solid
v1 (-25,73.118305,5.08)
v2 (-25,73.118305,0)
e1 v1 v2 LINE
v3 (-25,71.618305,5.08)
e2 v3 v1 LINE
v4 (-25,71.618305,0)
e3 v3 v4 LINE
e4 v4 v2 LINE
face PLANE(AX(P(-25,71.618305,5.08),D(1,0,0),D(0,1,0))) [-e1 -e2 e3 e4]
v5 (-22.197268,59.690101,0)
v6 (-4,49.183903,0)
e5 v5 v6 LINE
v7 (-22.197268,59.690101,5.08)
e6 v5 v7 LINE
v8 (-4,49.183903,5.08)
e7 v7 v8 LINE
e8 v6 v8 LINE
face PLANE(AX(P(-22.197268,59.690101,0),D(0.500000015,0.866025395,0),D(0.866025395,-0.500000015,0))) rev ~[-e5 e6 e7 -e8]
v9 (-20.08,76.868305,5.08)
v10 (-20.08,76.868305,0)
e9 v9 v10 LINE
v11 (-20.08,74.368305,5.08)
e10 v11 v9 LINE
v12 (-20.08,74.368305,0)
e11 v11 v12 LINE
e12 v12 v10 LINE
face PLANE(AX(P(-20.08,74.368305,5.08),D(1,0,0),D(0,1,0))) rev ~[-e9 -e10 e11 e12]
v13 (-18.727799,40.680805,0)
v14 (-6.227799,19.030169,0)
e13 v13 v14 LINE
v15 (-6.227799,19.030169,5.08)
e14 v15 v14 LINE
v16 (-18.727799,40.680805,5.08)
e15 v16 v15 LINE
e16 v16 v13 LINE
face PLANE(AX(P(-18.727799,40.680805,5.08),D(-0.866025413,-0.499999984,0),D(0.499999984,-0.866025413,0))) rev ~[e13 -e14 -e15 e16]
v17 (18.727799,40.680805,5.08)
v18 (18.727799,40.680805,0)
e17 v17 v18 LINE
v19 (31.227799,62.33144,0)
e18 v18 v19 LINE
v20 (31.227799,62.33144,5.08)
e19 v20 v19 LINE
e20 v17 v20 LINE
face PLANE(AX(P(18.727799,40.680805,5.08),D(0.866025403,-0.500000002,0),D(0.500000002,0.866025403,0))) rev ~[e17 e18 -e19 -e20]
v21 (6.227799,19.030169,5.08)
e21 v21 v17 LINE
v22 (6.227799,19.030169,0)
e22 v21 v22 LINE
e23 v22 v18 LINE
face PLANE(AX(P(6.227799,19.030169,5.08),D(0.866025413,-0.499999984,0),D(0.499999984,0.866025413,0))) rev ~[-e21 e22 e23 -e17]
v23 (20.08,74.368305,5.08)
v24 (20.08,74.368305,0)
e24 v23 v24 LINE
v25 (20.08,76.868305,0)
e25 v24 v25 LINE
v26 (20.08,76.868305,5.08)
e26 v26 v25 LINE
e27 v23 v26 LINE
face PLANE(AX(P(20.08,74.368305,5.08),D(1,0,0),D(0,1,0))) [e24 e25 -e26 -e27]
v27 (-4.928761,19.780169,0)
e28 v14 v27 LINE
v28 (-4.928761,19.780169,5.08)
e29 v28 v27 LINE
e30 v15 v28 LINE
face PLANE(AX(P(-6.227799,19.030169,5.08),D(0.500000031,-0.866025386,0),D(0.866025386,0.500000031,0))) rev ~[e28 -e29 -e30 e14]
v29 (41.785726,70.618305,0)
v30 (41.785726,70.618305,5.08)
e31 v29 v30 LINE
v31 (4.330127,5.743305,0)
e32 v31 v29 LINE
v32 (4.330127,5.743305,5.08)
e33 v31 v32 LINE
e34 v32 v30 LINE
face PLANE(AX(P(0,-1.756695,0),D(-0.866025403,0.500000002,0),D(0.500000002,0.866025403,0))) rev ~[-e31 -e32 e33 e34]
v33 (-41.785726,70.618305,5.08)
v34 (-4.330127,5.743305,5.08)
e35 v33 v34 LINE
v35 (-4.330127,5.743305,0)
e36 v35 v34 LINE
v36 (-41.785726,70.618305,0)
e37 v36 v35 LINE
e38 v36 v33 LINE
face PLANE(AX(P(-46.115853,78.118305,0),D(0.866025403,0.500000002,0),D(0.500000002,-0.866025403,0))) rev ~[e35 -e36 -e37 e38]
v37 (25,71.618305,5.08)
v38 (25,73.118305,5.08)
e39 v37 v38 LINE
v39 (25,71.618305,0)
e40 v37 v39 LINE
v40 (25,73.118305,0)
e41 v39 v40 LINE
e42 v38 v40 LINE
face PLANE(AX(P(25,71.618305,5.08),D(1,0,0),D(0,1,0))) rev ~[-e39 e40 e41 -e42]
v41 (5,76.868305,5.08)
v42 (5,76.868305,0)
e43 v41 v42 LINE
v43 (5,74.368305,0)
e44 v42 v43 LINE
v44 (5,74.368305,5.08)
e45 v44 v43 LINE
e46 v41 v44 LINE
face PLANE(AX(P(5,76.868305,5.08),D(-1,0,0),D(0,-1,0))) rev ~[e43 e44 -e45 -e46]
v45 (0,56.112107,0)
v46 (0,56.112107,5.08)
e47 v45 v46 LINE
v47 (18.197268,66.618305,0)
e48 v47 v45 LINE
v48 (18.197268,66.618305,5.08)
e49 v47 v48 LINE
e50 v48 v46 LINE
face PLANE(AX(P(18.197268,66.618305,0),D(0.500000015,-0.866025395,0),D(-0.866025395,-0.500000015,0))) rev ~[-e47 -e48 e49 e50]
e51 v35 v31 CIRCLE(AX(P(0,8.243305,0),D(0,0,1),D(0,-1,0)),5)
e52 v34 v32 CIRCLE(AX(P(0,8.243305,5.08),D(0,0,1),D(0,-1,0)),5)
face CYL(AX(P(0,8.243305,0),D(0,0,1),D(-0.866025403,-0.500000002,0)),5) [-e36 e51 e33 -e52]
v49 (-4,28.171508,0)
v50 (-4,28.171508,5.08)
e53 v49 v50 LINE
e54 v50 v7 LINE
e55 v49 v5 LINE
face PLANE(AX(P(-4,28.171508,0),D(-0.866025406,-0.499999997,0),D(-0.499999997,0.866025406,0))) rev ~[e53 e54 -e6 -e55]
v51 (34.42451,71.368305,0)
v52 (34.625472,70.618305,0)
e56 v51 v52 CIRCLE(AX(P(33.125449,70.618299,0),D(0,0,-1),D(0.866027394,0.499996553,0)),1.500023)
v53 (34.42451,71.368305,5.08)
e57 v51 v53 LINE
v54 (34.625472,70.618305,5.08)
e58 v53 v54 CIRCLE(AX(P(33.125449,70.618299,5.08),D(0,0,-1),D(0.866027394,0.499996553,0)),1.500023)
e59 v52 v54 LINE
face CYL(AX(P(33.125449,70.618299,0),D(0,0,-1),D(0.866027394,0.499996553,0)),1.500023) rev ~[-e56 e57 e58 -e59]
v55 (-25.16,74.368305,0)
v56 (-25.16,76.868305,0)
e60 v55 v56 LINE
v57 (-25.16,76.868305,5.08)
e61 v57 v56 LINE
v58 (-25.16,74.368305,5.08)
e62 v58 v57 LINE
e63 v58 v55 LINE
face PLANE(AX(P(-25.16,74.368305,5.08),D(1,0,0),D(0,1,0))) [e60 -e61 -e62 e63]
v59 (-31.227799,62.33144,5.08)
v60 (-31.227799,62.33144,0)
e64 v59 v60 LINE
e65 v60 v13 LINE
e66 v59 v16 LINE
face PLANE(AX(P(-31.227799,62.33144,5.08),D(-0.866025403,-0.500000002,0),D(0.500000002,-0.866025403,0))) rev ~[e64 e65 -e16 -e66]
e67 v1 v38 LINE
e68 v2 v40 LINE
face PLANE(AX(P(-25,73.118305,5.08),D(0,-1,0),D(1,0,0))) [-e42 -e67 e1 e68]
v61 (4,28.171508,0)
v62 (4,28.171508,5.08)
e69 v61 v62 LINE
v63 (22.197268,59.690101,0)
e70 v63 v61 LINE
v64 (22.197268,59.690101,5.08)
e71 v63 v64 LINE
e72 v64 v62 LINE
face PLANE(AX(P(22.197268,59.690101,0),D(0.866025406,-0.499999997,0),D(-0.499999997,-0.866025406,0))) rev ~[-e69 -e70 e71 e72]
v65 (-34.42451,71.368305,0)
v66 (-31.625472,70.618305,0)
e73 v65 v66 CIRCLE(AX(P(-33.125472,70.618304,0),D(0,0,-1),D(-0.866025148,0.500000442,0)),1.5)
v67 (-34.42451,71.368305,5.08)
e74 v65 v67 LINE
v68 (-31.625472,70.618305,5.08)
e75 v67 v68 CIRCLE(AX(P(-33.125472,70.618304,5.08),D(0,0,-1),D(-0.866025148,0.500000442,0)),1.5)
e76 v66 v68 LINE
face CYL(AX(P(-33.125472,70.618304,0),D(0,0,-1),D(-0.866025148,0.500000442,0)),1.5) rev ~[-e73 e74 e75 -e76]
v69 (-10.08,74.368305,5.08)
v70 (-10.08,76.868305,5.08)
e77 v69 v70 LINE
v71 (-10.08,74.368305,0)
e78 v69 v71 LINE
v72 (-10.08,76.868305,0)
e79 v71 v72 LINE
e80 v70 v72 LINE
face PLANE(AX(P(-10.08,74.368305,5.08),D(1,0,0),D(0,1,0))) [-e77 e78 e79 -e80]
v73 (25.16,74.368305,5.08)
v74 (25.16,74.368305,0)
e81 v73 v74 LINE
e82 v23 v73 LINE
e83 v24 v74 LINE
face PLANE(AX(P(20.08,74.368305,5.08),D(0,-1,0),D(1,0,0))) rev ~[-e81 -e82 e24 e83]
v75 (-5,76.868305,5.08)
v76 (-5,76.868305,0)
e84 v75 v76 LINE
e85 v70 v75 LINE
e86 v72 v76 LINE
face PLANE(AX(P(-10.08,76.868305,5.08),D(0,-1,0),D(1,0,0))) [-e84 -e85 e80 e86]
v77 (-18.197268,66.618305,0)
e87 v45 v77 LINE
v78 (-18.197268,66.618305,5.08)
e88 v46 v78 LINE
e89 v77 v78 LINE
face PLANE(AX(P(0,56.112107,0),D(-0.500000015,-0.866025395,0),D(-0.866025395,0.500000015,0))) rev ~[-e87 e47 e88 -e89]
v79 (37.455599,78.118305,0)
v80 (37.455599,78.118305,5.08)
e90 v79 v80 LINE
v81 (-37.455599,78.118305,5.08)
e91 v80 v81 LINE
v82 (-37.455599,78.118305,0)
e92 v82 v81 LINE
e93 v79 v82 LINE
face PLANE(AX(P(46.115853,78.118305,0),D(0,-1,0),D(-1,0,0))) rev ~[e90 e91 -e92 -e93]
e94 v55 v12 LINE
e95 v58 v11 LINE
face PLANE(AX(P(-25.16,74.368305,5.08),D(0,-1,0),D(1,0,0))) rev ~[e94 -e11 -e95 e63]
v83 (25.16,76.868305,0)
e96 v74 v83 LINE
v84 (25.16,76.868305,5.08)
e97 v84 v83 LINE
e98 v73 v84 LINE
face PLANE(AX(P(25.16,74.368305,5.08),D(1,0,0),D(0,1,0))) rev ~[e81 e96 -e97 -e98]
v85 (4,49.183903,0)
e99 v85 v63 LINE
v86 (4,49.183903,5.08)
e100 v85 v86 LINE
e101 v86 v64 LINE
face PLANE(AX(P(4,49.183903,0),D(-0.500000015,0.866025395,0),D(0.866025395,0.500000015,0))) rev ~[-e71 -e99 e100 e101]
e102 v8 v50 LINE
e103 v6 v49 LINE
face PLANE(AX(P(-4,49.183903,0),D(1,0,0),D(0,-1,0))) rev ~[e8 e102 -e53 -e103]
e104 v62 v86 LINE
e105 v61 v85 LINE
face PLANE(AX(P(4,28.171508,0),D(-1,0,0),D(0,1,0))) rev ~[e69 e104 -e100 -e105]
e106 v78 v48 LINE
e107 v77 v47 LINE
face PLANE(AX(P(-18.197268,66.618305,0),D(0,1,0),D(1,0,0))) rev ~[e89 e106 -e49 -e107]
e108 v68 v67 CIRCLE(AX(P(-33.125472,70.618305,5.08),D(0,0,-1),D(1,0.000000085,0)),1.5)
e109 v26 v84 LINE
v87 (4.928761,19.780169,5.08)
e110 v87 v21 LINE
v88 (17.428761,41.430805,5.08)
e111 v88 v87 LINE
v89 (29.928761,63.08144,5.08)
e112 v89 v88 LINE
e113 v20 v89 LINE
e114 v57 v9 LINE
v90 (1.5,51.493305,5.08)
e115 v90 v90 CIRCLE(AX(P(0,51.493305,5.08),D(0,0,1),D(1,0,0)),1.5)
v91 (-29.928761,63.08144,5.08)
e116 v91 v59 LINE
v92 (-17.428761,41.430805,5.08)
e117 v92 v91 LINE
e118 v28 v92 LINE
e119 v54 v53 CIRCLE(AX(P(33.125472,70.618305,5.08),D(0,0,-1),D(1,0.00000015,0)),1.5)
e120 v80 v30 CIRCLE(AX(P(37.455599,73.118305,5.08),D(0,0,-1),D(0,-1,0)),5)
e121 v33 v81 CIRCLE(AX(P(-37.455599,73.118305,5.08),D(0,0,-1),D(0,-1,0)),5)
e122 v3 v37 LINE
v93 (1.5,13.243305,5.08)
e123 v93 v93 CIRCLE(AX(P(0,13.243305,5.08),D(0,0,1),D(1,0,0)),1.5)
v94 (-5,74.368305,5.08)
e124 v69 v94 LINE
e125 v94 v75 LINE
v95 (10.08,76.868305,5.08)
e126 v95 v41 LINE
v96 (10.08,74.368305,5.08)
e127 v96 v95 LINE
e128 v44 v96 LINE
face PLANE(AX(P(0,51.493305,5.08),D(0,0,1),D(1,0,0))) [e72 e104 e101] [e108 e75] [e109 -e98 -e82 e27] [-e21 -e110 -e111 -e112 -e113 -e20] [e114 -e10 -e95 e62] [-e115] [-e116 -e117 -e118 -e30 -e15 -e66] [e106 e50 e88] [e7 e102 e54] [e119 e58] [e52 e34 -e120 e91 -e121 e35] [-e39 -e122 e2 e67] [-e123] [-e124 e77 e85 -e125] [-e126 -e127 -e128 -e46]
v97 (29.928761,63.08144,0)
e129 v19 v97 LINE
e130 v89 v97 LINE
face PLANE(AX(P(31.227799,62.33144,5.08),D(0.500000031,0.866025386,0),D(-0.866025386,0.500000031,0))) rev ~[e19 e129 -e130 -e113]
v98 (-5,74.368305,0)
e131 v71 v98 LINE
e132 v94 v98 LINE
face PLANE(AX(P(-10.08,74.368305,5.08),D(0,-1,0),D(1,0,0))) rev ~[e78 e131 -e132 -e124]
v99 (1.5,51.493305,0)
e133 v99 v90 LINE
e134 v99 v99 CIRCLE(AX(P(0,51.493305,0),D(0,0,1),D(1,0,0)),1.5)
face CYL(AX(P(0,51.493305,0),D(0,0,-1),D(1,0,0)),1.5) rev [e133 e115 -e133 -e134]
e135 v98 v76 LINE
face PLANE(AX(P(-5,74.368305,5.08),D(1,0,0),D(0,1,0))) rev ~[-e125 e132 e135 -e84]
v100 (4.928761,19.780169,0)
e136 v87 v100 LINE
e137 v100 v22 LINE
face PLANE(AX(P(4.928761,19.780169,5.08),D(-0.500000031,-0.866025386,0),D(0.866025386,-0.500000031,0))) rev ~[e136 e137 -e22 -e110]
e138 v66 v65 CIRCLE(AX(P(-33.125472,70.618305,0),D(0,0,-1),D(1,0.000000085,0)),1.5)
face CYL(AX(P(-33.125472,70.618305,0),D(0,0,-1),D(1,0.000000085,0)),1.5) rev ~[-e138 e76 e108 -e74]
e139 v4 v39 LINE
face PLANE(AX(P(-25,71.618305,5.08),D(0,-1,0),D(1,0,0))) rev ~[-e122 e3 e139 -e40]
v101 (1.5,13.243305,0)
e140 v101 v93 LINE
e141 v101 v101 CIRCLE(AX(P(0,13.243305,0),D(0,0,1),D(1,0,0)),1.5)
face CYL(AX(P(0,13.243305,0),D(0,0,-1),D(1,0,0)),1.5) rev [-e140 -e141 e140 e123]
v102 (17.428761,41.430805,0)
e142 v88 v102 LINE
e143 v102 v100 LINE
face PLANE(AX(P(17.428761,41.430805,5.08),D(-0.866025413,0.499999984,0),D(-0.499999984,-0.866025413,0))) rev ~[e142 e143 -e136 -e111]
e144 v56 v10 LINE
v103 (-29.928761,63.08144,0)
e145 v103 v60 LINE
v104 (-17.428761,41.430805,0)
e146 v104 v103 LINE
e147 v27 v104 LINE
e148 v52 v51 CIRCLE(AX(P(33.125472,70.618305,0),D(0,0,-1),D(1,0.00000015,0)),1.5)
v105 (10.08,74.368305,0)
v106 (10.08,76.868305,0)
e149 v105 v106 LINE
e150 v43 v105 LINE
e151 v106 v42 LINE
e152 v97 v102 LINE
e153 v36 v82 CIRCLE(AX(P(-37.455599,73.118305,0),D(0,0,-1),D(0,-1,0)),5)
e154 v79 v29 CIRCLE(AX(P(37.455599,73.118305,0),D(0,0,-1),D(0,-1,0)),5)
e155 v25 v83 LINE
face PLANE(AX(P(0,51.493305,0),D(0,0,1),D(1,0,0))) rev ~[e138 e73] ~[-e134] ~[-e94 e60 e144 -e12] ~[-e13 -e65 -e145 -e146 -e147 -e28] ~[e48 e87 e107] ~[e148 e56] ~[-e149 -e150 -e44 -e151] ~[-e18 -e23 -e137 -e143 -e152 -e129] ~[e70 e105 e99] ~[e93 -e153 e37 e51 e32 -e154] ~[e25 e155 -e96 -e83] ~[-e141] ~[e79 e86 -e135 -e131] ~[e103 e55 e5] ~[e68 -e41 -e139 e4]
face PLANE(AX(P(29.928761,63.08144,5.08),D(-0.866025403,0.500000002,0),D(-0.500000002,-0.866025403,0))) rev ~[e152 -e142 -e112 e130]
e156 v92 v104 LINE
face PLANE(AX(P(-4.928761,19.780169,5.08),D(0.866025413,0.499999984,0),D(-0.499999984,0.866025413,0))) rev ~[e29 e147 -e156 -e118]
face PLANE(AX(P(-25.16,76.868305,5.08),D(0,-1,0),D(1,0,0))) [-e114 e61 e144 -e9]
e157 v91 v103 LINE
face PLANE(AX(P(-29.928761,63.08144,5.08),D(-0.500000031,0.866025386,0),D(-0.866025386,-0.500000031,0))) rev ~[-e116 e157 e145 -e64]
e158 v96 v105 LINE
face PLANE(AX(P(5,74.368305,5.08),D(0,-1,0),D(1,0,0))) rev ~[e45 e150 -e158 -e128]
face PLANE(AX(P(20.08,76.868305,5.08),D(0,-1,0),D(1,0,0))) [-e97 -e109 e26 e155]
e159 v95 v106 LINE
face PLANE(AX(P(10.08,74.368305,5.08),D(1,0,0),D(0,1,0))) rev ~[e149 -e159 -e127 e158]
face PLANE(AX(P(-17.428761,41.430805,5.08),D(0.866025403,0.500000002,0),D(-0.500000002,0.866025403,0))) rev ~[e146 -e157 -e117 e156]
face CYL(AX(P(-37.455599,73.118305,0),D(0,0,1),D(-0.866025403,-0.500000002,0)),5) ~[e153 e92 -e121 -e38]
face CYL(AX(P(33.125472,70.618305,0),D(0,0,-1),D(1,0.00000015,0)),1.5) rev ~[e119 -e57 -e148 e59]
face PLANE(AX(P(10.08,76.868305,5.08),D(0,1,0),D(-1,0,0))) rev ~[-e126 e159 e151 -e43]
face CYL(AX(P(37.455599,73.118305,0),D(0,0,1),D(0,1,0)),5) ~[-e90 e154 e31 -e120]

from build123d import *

# Parameters (mm, degrees)
F0_R     = 1.5
F1_DEPTH = 5.08
F2_R     = 5
F3_W     = 50
F3_H     = 1.5
F3_W_2   = 5.08
F3_H_2   = 2.5
F4_DEPTH = 25


with BuildPart() as f1:
    # F0 (on Top) → F1 (new body)
    with BuildSketch(Plane.XY):
        Polygon((0, 78.118305), (-46.115853, 78.118305), (0, -1.756695), (46.115853, 78.118305), align=None)
        with Locations((0, 13.243305)):
            Circle(F0_R, mode=Mode.SUBTRACT)
        Polygon((-18.197268, 66.618305), (0, 66.618305), (18.197268, 66.618305), (26.197268, 66.618305), (22.197268, 59.690101), (4, 28.171508), (0, 21.243305), (-4, 28.171508), (-22.197268, 59.690101), (-26.197268, 66.618305), align=None, mode=Mode.SUBTRACT)
        with BuildLine():
            ThreePointArc((-34.42451, 71.368305), (-32.737243, 72.067193), (-31.625472, 70.618305))
            ThreePointArc((-31.625472, 70.618305), (-33.5137, 69.169416), (-34.42451, 71.368305))
        make_face(mode=Mode.SUBTRACT)
        with BuildLine():
            ThreePointArc((34.625472, 70.618305), (31.676583, 70.230076), (34.42451, 71.368305))
            ThreePointArc((34.42451, 71.368305), (34.57436, 71.006533), (34.625472, 70.618305))
        make_face(mode=Mode.SUBTRACT)
        Polygon((26.197268, 66.618305), (18.197268, 66.618305), (0, 56.112107), (-18.197268, 66.618305), (-26.197268, 66.618305), (-22.197268, 59.690101), (-4, 49.183903), (-4, 28.171508), (0, 21.243305), (4, 28.171508), (4, 49.183903), (22.197268, 59.690101), align=None)
        with Locations((0, 51.493305)):
            Circle(F0_R, mode=Mode.SUBTRACT)
    extrude(amount=F1_DEPTH)

    # F2
    f2_edges = [f1.edges().sort_by_distance(p)[0] for p in [
        (-46.115853, 78.118305, 2.54),
        (0, -1.756695, 2.54),
        (46.115853, 78.118305, 2.54),
    ]]
    fillet(f2_edges, radius=F2_R)

    # F3 (on face) → F4 (cut)
    with BuildSketch(Plane.XY.offset(5.08)):
        with Locations((0, 72.368305)):
            Rectangle(F3_W, F3_H)
        Polygon((-6.227799, 19.030169), (-5.57828, 19.405169), (-4.928761, 19.780169), (-17.428761, 41.430805), (-29.928761, 63.08144), (-30.57828, 62.70644), (-31.227799, 62.33144), (-18.727799, 40.680805), align=None)
        Polygon((30.57828, 62.70644), (29.928761, 63.08144), (17.428761, 41.430805), (4.928761, 19.780169), (5.57828, 19.405169), (6.227799, 19.030169), (18.727799, 40.680805), (31.227799, 62.33144), align=None)
        Polygon((10.08, 76.868305), (5, 76.868305), (5, 75.618305), (5, 74.368305), (10.08, 74.368305), align=None)
        with Locations((22.62, 75.618305)):
            Rectangle(F3_W_2, F3_H_2)
        with Locations((-22.62, 75.618305)):
            Rectangle(F3_W_2, F3_H_2)
        with Locations((-7.54, 75.618305)):
            Rectangle(F3_W_2, F3_H_2)
    extrude(amount=-F4_DEPTH, mode=Mode.SUBTRACT)


solid = f1.part
